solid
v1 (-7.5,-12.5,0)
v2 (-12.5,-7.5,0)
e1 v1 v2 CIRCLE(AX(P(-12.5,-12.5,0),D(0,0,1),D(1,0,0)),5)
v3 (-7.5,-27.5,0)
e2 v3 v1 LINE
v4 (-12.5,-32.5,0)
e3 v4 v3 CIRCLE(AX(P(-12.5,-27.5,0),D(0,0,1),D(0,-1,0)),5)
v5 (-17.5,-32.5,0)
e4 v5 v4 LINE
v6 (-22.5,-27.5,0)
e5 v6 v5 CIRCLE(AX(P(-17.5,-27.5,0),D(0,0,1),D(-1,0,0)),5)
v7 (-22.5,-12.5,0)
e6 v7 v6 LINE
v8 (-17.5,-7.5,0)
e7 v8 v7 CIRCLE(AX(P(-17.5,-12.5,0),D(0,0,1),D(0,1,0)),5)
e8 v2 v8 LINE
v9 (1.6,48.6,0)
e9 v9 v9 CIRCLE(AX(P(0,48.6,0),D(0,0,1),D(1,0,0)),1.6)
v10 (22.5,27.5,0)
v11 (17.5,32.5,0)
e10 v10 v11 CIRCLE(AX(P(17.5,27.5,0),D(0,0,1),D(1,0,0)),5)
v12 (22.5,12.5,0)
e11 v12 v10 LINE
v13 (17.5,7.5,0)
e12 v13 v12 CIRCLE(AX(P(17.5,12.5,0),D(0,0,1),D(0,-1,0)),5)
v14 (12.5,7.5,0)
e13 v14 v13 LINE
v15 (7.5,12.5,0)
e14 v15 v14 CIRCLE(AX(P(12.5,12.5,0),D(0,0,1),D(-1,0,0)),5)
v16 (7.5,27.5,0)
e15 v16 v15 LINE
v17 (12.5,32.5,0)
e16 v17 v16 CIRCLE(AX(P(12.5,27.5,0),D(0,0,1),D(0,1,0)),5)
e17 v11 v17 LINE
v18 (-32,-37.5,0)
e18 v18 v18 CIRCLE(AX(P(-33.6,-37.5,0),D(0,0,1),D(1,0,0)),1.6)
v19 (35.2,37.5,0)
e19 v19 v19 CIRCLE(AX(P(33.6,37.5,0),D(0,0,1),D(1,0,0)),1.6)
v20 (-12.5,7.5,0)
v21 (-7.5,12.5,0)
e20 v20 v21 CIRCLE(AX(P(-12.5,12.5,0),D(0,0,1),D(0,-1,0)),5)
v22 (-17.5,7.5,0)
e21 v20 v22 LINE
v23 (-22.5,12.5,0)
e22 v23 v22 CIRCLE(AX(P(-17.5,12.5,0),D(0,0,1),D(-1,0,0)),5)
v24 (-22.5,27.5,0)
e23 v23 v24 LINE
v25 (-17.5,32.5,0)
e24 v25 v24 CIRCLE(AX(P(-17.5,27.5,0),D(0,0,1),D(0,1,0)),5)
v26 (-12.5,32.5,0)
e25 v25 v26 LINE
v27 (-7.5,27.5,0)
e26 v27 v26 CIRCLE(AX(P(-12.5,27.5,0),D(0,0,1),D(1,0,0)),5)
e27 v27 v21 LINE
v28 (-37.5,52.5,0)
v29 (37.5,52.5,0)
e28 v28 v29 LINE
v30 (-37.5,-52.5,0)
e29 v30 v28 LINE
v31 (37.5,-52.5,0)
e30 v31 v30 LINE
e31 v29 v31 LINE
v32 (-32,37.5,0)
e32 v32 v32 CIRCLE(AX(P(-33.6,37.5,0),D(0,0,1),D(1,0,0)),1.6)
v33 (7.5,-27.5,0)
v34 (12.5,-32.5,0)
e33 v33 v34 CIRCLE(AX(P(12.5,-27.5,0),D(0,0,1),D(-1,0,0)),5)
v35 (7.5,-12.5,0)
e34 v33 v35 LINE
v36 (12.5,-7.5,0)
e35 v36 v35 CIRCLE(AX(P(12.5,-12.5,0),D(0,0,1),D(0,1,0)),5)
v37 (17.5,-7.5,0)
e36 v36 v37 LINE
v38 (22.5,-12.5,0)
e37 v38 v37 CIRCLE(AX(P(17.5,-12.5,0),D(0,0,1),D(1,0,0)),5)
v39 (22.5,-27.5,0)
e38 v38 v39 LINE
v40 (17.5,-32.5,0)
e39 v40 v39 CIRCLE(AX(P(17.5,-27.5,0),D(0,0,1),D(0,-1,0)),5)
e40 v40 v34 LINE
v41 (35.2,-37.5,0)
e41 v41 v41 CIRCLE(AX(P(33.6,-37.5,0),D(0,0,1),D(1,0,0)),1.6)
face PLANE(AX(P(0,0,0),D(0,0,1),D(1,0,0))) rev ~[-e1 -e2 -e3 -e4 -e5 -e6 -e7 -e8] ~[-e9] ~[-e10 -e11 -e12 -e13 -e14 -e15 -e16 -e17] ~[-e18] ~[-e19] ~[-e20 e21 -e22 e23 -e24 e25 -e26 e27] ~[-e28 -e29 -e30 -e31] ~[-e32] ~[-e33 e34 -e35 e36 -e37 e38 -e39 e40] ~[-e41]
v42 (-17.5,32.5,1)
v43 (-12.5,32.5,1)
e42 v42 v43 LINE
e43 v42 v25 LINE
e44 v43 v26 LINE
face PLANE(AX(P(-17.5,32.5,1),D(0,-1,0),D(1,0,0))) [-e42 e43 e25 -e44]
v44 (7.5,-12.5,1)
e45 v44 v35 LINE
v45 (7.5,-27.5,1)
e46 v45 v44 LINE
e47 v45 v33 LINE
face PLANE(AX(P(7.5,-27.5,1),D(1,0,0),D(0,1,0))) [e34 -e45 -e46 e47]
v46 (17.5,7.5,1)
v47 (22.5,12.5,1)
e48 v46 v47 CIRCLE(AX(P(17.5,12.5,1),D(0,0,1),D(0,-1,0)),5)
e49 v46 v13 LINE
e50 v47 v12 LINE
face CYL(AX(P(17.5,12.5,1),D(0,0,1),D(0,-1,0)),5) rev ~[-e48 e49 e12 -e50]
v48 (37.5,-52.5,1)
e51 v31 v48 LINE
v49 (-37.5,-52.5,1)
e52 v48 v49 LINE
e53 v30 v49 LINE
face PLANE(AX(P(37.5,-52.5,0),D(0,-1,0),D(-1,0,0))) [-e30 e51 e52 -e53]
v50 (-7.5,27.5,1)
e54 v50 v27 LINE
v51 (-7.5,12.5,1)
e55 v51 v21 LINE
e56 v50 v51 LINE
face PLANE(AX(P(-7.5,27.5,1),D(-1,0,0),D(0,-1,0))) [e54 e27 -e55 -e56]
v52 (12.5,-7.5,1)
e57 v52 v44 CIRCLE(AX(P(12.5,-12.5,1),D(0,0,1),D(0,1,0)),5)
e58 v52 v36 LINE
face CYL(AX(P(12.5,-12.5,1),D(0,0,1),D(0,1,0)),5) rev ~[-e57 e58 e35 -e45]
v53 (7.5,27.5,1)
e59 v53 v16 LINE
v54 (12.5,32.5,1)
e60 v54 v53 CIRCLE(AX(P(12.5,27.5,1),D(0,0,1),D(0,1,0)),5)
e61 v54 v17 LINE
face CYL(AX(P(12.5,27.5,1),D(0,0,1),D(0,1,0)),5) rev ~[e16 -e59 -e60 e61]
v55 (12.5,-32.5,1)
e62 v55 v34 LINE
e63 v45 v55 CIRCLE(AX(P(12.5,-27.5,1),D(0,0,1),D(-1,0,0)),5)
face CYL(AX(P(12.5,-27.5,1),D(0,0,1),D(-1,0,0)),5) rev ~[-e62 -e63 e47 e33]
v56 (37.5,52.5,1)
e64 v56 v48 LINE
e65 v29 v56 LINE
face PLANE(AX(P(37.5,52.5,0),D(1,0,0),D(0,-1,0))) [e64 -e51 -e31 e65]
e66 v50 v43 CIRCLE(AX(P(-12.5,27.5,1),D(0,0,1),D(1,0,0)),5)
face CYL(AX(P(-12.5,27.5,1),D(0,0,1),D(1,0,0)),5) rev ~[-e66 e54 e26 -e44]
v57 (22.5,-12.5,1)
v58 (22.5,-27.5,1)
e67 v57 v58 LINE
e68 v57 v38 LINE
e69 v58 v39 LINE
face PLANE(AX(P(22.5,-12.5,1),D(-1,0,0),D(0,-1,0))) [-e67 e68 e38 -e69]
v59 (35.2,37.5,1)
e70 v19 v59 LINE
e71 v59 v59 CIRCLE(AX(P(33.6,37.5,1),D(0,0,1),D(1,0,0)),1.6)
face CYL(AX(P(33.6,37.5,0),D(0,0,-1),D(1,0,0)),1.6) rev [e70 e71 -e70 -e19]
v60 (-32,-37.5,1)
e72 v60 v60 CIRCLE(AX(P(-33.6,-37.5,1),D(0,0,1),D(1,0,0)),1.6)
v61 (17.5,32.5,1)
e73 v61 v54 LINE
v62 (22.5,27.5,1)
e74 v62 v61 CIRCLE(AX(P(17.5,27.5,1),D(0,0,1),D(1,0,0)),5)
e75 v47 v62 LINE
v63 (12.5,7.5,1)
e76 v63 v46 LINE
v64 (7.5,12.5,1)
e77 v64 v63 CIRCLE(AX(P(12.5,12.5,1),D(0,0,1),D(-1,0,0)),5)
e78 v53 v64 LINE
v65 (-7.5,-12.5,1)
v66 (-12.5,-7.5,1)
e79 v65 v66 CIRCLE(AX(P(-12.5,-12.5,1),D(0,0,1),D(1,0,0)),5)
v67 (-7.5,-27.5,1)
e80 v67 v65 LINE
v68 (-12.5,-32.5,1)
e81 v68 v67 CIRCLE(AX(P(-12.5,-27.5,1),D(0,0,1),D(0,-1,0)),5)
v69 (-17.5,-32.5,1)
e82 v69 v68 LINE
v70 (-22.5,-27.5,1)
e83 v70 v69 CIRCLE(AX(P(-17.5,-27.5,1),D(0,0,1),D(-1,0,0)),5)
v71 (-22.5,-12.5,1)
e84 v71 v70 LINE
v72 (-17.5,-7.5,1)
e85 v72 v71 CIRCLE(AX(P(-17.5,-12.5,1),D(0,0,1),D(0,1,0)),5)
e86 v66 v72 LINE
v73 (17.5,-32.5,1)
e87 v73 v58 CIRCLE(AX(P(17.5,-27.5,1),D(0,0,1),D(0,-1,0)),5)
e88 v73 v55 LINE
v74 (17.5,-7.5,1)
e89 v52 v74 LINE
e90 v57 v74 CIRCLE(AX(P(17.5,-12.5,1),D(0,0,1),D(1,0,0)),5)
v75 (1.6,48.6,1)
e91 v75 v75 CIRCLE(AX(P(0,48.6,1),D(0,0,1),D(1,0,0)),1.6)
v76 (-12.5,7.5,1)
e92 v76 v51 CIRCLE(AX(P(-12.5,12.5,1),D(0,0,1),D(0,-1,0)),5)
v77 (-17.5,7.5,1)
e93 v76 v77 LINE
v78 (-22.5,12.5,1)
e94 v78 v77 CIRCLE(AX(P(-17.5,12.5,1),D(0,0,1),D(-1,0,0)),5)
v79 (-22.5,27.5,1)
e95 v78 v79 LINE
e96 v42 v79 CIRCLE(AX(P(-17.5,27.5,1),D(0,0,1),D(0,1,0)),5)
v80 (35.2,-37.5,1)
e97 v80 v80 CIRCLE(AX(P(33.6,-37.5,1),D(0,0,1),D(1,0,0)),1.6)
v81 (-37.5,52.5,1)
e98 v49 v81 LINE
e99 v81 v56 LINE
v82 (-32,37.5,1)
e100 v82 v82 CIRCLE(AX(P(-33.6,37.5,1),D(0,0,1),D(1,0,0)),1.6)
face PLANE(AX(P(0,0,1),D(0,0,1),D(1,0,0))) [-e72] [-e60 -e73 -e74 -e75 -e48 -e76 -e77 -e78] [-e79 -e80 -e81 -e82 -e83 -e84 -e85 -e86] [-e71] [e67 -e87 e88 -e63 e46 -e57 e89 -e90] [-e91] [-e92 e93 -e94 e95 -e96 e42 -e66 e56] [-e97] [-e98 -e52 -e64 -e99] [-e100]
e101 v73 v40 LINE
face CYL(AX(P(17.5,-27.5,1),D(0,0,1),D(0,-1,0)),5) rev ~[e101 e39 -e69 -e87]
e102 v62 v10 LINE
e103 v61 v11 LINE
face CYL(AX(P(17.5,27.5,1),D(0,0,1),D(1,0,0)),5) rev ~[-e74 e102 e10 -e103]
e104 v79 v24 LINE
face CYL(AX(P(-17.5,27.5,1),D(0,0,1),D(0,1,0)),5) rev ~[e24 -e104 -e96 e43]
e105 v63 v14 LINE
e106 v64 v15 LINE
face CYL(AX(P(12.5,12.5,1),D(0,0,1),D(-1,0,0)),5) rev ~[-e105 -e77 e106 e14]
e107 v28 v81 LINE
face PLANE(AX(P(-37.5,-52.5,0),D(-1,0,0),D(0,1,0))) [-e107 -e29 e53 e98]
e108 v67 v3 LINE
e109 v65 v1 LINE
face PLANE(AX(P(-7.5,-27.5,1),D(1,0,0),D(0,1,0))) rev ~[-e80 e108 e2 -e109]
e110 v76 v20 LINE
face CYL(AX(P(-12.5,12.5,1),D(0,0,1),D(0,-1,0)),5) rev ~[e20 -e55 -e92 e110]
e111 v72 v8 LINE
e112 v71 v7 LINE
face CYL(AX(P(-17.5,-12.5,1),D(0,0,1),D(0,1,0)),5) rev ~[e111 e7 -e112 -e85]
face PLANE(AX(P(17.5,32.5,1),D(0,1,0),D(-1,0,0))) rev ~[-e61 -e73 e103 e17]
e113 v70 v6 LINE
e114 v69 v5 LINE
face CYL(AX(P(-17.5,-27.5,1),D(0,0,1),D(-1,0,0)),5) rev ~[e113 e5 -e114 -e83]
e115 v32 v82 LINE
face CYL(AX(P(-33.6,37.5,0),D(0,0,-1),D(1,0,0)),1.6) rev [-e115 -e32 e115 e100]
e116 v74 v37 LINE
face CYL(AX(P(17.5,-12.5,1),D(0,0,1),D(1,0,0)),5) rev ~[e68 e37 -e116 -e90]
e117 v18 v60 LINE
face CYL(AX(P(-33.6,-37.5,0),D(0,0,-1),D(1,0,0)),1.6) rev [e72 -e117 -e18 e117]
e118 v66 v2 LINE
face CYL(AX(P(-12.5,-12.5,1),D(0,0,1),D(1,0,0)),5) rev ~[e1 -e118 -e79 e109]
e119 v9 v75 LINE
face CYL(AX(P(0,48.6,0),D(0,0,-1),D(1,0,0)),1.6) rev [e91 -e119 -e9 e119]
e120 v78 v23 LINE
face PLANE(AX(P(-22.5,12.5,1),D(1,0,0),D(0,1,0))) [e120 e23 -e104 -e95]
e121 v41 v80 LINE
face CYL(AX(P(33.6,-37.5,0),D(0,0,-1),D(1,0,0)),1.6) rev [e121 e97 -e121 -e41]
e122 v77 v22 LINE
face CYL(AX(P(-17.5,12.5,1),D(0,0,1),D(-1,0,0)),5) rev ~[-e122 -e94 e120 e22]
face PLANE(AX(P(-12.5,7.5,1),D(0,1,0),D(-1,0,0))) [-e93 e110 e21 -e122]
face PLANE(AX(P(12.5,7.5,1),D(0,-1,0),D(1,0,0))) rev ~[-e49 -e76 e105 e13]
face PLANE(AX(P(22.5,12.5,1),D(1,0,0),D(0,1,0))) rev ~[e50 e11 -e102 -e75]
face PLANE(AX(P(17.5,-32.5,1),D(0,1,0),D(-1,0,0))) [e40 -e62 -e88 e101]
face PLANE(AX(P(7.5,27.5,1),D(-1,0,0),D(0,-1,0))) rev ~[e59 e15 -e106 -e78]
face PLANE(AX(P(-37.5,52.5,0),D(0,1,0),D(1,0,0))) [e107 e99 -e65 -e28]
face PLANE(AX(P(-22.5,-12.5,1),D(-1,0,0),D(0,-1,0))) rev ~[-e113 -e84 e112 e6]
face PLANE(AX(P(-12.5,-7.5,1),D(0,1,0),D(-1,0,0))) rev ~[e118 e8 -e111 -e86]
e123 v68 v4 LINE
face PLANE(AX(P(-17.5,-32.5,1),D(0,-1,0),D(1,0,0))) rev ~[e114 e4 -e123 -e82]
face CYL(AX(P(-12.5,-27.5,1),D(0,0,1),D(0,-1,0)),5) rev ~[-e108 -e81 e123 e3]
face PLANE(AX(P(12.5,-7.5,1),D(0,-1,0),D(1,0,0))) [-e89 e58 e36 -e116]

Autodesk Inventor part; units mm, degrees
ref_plane "YZ Plane" through (0, 0, 0) normal (1, 0, 0) x (0, 1, 0)
ref_plane "XZ Plane" through (0, 0, 0) normal (0, 1, 0) x (-1, 0, 0)
ref_plane "XY Plane" through (0, 0, 0) normal (0, 0, 1) x (1, 0, 0)
sketch "Sketch1" plane through (0, 0, 0) normal (0, 0, 1) x (1, 0, 0)
  line L0 (-37.5, 52.5) -> (37.5, 52.5)
  line L1 (37.5, 52.5) -> (37.5, -52.5)
  line L2 (37.5, -52.5) -> (-37.5, -52.5)
  line L3 (-37.5, -52.5) -> (-37.5, 52.5)
  line L4 (-37.5, 52.5) -> (37.5, -52.5) construction
  line L5 (37.5, 52.5) -> (-37.5, -52.5) construction
  circle A0 centre (33.6, -37.5) radius 1.6
  line L6 (0, 0) -> (12.8976, 0)
  line L7 (0, 0) -> (0, 11.3109)
  circle A1 centre (-33.6, -37.5) radius 1.6
  circle A2 centre (33.6, 37.5) radius 1.6
  circle A3 centre (-33.6, 37.5) radius 1.6
  circle A4 centre (0, 48.6) radius 1.6
  dimension "d0" = 75
  dimension "d1" = 105
  dimension "d2" = 3.2
  dimension "d3" = 3.9
  dimension "d4" = 15
  dimension "d11" = 3.2
  dimension "d12" = 3.9
extrude "Plate1" add sketch "Sketch1" along normal blind 1
sketch "Sketch2" plane through (0, 0, 1) normal (0, 0, 1) x (1, 0, 0)
  line L0 (-17.5, 32.5) -> (-12.5, 32.5)
  line L1 (-7.5, 27.5) -> (-7.5, 12.5)
  line L2 (-12.5, 7.5) -> (-17.5, 7.5)
  line L3 (-22.5, 12.5) -> (-22.5, 27.5)
  line L4 (-22.5, 32.5) -> (-7.5, 7.5) construction
  line L5 (-7.5, 32.5) -> (-22.5, 7.5) construction
  line L6 (0, 16.0345) -> (0, -16.0345)
  line L7 (-10.8621, 0) -> (10.8621, 0)
  arc A0 (-17.5, 32.5) -> (-22.5, 27.5) centre (-17.5, 27.5) ccw
  arc A1 (-7.5, 27.5) -> (-12.5, 32.5) centre (-12.5, 27.5) ccw
  arc A2 (-12.5, 7.5) -> (-7.5, 12.5) centre (-12.5, 12.5) ccw
  arc A3 (-22.5, 12.5) -> (-17.5, 7.5) centre (-17.5, 12.5) ccw
  line L8 (17.5, 32.5) -> (12.5, 32.5)
  line L9 (7.5, 27.5) -> (7.5, 12.5)
  line L10 (12.5, 7.5) -> (17.5, 7.5)
  line L11 (22.5, 12.5) -> (22.5, 27.5)
  line L12 (22.5, 32.5) -> (7.5, 7.5) construction
  line L13 (7.5, 32.5) -> (22.5, 7.5) construction
  arc A4 (22.5, 27.5) -> (17.5, 32.5) centre (17.5, 27.5) ccw
  arc A5 (12.5, 32.5) -> (7.5, 27.5) centre (12.5, 27.5) ccw
  arc A6 (7.5, 12.5) -> (12.5, 7.5) centre (12.5, 12.5) ccw
  arc A7 (17.5, 7.5) -> (22.5, 12.5) centre (17.5, 12.5) ccw
  line L14 (-17.5, -32.5) -> (-12.5, -32.5)
  line L15 (-7.5, -27.5) -> (-7.5, -12.5)
  line L16 (-12.5, -7.5) -> (-17.5, -7.5)
  line L17 (-22.5, -12.5) -> (-22.5, -27.5)
  line L18 (-22.5, -32.5) -> (-7.5, -7.5) construction
  line L19 (-7.5, -32.5) -> (-22.5, -7.5) construction
  arc A8 (-22.5, -27.5) -> (-17.5, -32.5) centre (-17.5, -27.5) ccw
  arc A9 (-12.5, -32.5) -> (-7.5, -27.5) centre (-12.5, -27.5) ccw
  arc A10 (-7.5, -12.5) -> (-12.5, -7.5) centre (-12.5, -12.5) ccw
  arc A11 (-17.5, -7.5) -> (-22.5, -12.5) centre (-17.5, -12.5) ccw
  arc A12 (12.5, -7.5) -> (7.5, -12.5) centre (12.5, -12.5) ccw
  line L20 (12.5, -7.5) -> (17.5, -7.5)
  arc A13 (22.5, -12.5) -> (17.5, -7.5) centre (17.5, -12.5) ccw
  line L21 (7.5, -27.5) -> (7.5, -12.5)
  line L22 (22.5, -12.5) -> (22.5, -27.5)
  arc A14 (7.5, -27.5) -> (12.5, -32.5) centre (12.5, -27.5) ccw
  line L23 (7.5, -32.5) -> (22.5, -7.5) construction
  line L24 (22.5, -32.5) -> (7.5, -7.5) construction
  line L25 (17.5, -32.5) -> (12.5, -32.5)
  arc A15 (17.5, -32.5) -> (22.5, -27.5) centre (17.5, -27.5) ccw
  point P0 (0, 0)
  point P1 (-15, 20)
  point P2 (0, 0)
  point P3 (15, 20)
  point P4 (-15, -20)
  point P5 (15, -20)
  dimension "d13" = 15
  dimension "d14" = 15
  dimension "d15" = 15
  dimension "d16" = 25
  dimension "d17" = 5
extrude "Cut1" cut sketch "Sketch2" against normal blind 1
equation "\"d18\" = 厚度"
equation "\"d5\" = 厚度"
equation "\"折彎半徑\" = 厚度"
equation "\"折彎離隙寬度\" = 厚度"
equation "\"折彎離隙深度\" = 0.5 * 厚度"
equation "\"轉角離隙大小\" = 4 * 厚度"
equation "\"最小剩餘\" = 2 * 厚度"
equation "\"轉移半徑\" = 折彎半徑"
equation "\"Jacobi半徑大小\" = 折彎半徑"
equation "\"間隙大小\" = 厚度"
equation "\"厚度\" = 1"
properties part number "battery_box_24V_back" material "Aluminum"
